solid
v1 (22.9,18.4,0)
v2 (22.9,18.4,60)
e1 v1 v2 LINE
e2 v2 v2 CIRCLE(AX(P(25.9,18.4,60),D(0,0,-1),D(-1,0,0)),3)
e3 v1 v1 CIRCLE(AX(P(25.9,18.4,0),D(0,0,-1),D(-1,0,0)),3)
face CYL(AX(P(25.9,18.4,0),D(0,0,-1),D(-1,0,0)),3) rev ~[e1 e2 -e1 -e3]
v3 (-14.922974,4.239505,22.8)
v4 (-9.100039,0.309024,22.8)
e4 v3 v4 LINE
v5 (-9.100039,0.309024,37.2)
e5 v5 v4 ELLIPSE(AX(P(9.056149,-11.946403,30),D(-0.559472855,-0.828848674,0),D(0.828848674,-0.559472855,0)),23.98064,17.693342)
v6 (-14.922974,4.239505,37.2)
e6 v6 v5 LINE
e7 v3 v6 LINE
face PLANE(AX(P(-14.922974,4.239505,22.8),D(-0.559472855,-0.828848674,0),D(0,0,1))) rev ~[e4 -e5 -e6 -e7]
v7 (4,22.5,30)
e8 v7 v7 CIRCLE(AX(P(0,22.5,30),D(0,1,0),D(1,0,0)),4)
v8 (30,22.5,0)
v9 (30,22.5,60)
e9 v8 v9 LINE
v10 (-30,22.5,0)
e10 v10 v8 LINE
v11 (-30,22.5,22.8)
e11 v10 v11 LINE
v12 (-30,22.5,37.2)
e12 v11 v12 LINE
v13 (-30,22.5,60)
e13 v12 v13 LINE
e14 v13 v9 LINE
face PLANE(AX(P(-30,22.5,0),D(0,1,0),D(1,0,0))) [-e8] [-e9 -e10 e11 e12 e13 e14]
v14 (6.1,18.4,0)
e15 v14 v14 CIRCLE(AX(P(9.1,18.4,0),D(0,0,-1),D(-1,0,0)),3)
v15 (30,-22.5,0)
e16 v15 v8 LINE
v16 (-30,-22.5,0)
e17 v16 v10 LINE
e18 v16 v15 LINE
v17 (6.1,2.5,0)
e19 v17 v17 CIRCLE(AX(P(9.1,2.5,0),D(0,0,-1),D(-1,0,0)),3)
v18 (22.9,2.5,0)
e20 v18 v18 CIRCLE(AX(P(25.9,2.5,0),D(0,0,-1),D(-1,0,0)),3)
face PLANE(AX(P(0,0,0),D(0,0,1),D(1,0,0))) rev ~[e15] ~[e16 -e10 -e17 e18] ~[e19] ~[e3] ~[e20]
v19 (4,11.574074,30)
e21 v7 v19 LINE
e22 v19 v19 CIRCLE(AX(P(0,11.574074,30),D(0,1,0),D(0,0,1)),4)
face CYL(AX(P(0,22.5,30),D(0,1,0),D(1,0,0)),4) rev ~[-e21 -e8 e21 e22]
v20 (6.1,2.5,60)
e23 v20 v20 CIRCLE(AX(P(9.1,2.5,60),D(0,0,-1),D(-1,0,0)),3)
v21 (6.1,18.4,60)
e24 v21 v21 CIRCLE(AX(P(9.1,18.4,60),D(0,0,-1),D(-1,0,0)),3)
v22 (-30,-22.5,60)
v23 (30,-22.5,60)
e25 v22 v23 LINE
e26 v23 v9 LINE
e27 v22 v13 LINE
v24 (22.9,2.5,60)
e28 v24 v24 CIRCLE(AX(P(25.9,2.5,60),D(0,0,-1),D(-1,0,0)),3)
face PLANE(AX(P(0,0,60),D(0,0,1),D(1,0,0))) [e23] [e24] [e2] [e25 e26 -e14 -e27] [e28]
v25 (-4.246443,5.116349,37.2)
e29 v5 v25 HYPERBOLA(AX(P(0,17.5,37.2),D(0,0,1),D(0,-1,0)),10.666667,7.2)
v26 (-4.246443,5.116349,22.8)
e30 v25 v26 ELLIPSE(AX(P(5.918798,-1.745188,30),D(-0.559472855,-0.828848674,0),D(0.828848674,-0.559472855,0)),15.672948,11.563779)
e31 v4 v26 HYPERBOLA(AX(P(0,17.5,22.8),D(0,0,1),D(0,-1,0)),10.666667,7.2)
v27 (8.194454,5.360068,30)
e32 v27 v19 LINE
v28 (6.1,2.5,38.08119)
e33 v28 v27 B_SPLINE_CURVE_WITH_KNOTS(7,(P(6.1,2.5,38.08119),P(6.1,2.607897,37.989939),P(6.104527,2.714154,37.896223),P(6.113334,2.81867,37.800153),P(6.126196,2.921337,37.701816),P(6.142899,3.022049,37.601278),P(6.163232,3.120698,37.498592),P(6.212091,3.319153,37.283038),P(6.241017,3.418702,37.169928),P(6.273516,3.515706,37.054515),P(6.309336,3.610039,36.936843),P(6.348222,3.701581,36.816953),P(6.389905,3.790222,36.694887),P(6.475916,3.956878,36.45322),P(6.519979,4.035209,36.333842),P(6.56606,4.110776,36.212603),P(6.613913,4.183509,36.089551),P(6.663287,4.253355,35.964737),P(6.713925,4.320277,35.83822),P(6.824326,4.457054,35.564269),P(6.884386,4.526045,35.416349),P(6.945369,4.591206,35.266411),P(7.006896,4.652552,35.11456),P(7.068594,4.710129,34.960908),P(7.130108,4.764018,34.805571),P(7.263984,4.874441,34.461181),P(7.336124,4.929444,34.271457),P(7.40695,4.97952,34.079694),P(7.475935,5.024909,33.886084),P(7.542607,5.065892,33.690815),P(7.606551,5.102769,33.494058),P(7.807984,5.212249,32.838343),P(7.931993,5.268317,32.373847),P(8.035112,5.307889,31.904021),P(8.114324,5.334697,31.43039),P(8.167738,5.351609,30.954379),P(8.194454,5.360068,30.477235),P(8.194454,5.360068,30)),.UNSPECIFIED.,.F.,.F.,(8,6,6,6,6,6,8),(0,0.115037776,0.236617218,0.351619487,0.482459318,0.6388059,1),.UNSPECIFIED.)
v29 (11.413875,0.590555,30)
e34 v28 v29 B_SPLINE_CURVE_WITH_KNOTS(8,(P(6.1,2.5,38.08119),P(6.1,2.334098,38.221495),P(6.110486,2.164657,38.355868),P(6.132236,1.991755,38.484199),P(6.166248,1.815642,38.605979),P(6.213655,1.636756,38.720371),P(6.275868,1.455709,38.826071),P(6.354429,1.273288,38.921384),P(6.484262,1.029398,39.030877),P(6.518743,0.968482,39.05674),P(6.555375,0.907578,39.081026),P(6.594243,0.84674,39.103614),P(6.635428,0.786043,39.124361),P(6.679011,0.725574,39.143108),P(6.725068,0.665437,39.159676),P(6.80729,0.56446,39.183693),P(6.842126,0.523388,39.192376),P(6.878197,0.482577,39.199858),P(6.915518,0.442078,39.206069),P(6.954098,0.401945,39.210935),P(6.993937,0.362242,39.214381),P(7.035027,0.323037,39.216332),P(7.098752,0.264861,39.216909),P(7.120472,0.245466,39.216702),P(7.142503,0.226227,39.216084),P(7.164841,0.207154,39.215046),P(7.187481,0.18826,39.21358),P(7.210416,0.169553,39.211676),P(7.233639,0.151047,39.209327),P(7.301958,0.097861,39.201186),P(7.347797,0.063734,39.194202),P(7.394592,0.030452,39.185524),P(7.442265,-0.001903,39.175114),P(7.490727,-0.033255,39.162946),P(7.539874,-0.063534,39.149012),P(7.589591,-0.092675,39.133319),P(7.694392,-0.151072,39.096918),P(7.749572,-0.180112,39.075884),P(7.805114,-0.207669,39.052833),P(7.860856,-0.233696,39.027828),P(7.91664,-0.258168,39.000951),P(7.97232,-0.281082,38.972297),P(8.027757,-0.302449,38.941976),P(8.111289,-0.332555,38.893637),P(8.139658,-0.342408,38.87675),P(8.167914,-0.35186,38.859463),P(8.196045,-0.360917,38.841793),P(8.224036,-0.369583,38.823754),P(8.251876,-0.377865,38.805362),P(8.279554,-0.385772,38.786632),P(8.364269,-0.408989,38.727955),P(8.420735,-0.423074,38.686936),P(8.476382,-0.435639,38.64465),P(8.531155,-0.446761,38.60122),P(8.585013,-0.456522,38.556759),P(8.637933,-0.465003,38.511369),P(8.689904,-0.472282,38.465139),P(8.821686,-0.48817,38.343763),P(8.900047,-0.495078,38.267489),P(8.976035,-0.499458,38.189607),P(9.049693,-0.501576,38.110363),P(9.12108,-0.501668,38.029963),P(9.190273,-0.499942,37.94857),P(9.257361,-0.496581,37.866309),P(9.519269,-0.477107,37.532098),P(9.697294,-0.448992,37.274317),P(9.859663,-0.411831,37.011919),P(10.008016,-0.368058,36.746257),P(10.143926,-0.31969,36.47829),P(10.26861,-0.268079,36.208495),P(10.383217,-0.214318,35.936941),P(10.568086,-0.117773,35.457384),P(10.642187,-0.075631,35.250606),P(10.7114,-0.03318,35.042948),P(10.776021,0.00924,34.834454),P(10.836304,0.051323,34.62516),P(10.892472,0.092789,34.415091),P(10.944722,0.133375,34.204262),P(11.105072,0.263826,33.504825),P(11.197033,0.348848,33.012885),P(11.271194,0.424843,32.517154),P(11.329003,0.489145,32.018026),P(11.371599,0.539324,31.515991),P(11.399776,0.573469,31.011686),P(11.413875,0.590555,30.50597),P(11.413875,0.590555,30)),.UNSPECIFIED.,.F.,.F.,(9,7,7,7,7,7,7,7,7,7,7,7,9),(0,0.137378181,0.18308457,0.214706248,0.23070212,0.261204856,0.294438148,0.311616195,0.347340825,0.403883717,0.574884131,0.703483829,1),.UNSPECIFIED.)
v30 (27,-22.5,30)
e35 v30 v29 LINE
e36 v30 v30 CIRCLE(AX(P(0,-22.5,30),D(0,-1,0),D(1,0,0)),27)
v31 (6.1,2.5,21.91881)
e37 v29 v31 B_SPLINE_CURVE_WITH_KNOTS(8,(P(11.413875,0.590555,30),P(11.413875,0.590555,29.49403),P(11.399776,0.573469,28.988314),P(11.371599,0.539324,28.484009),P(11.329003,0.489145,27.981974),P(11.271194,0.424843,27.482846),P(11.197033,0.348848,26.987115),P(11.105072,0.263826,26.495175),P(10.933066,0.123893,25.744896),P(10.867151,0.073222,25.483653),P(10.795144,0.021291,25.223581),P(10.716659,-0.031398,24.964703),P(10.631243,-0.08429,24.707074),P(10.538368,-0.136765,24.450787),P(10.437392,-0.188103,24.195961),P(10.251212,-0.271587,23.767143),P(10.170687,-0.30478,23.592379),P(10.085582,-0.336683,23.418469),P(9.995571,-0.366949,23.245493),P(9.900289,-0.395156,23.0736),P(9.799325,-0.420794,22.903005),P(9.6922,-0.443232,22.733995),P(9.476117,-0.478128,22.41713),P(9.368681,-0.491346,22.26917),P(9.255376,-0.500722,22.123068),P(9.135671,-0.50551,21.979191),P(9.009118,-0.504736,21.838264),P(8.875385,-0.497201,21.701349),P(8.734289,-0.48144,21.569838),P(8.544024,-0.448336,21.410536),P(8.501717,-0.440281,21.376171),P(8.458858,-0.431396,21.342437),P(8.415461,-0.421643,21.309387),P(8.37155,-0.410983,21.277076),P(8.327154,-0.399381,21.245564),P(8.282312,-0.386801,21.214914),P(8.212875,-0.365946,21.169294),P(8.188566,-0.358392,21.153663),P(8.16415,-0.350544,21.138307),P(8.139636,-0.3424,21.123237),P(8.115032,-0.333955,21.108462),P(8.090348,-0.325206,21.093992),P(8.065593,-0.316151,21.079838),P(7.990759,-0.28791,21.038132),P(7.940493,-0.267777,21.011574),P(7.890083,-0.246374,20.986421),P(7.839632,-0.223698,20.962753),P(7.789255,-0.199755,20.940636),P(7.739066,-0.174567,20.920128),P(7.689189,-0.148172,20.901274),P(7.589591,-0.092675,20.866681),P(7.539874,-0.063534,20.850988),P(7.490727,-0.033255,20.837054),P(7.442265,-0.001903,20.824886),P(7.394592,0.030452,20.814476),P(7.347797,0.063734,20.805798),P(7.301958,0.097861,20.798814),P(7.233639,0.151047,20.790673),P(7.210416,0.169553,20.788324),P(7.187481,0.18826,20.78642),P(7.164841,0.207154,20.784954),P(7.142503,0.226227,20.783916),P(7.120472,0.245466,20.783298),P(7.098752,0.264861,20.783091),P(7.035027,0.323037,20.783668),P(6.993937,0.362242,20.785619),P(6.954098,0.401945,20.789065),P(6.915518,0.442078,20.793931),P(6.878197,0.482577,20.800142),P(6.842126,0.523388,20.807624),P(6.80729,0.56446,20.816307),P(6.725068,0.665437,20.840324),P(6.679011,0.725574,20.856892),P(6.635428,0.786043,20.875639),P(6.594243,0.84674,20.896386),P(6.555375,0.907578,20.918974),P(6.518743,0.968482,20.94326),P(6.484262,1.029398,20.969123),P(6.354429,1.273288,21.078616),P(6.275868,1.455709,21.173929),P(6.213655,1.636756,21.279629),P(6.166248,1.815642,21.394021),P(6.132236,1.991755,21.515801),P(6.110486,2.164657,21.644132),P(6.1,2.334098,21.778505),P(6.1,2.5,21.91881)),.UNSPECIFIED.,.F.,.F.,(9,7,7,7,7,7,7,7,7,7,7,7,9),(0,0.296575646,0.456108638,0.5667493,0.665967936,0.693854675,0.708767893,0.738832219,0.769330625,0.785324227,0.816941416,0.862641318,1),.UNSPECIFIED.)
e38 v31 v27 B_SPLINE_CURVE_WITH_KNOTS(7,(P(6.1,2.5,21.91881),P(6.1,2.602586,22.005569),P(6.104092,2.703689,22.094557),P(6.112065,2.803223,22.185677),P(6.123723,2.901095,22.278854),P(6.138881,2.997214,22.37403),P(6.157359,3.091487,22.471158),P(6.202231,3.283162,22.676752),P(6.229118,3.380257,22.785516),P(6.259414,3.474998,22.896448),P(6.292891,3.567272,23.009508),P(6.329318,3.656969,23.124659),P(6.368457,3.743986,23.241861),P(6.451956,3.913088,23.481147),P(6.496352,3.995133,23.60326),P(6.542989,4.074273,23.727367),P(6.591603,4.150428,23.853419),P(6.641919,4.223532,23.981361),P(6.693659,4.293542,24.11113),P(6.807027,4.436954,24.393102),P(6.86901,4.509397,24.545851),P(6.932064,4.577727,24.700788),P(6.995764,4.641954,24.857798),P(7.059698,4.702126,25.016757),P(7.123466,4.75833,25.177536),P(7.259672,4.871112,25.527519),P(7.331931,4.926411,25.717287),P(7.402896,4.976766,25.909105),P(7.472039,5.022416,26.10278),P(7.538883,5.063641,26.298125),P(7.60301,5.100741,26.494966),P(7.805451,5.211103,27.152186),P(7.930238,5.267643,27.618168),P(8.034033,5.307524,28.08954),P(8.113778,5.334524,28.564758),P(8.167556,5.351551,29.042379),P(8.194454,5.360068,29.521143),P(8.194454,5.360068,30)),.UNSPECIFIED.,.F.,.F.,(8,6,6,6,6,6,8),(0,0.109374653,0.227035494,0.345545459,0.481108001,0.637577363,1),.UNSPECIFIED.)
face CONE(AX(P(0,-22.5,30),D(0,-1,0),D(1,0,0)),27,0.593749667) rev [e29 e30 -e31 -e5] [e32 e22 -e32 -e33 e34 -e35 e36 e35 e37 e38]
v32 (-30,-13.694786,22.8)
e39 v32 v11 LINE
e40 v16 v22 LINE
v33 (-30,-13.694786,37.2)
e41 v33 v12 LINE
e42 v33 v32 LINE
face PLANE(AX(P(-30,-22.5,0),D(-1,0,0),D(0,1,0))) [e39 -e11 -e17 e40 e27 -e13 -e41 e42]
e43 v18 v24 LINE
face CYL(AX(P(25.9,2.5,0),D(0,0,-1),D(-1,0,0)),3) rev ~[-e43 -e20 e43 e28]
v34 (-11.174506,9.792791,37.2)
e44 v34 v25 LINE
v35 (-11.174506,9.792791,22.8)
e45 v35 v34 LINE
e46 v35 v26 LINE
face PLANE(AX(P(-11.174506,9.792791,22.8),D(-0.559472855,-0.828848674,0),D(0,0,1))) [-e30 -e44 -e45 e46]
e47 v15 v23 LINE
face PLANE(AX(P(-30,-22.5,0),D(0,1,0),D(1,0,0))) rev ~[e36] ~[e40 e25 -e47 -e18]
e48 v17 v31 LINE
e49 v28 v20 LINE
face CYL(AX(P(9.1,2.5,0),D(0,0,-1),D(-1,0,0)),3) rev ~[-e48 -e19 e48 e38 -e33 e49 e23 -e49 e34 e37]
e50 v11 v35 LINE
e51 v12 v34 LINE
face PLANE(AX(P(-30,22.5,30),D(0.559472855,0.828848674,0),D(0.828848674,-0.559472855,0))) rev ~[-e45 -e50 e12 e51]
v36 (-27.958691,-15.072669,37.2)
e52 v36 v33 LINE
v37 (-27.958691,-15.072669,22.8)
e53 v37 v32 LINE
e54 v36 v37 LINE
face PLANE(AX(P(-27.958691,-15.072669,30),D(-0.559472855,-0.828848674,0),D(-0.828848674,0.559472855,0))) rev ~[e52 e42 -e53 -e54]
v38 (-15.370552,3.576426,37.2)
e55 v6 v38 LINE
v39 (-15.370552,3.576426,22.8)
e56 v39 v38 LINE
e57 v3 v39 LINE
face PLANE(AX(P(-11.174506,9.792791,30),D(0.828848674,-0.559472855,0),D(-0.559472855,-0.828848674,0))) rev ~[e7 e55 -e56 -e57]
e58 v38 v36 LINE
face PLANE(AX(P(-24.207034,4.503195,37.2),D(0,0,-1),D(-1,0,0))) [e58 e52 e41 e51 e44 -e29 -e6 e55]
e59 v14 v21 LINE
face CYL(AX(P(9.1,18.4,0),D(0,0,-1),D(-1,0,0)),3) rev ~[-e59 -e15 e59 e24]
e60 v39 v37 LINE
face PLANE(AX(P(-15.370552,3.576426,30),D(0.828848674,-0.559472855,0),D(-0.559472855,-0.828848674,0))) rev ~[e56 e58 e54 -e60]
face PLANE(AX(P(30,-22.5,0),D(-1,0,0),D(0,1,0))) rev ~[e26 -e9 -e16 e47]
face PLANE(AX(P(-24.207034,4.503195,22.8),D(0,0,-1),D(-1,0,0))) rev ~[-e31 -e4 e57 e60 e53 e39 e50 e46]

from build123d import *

# Parameters (mm, degrees)
SKETCH_1_W               = 60
SKETCH_1_H               = 45
EXTRUDE_1_DEPTH          = 60
SKETCH_3_R               = 4
CUT_EXTRUDE_1_DEPTH      = 1
CUT_EXTRUDE_1_DEPTH_BACK = 46
SKETCH_4_R               = 3
CUT_EXTRUDE_2_DEPTH      = 1
CUT_EXTRUDE_2_DEPTH_BACK = 61
CUT_EXTRUDE_8_DEPTH      = 7.2
CUT_EXTRUDE_9_REACH      = 54.194
SKETCH_6_W               = 14.4
SKETCH_6_H               = 6.7


with BuildPart() as part:
    # 스케치1 → 보스-돌출1 (new body)
    with BuildSketch(Plane.XY):
        Rectangle(SKETCH_1_W, SKETCH_1_H)
    extrude(amount=EXTRUDE_1_DEPTH)

    # 스케치2 → 컷-회전1 (revolve, cut)
    with BuildSketch(Plane(origin=(0, 0, 30), x_dir=(-1, 0, 0), z_dir=(0, 0, -1))):
        Polygon((0, 17.5), (0, -22.5), (-27, -22.5), align=None)
    revolve(axis=Axis((0, 17.5, 30), (0, -1, 0)), mode=Mode.SUBTRACT)

    # 스케치3 → 컷-돌출1 (cut, two sides)
    with BuildSketch(Plane(origin=(0, 22.5, 0), x_dir=(1, 0, 0), z_dir=(0, 1, 0))) as cut_extrude_1_sk:
        with Locations((0, -30)):
            Circle(SKETCH_3_R)
    extrude(amount=CUT_EXTRUDE_1_DEPTH, mode=Mode.SUBTRACT)
    extrude(cut_extrude_1_sk.sketch, amount=-CUT_EXTRUDE_1_DEPTH_BACK, mode=Mode.SUBTRACT)

    # 스케치4 → 컷-돌출2 (cut, two sides)
    with BuildSketch(Plane(origin=(0, 0, 0), x_dir=(-1, 0, 0), z_dir=(0, 0, -1))) as cut_extrude_2_sk:
        with Locations((-25.9, 18.4)):
            Circle(SKETCH_4_R)
        with Locations((-25.9, 2.5)):
            Circle(SKETCH_4_R)
        with Locations((-9.1, 18.4)):
            Circle(SKETCH_4_R)
        with Locations((-9.1, 2.5)):
            Circle(SKETCH_4_R)
    extrude(amount=CUT_EXTRUDE_2_DEPTH, mode=Mode.SUBTRACT)
    extrude(cut_extrude_2_sk.sketch, amount=-CUT_EXTRUDE_2_DEPTH_BACK, mode=Mode.SUBTRACT)

    # 스케치5 → 컷-돌출8 (cut, symmetric)
    with BuildSketch(Plane(origin=(0, 0, 30), x_dir=(-1, 0, 0), z_dir=(0, 0, -1))):
        Polygon((15.370551943, 3.576426178), (27.958691181, -15.072668989), (30, -13.694785536), (30, 22.5), (11.174505531, 9.792791233), align=None)
    extrude(amount=CUT_EXTRUDE_8_DEPTH, both=True, mode=Mode.SUBTRACT)

    # 스케치6 → 컷-돌출9 (cut, up to next)
    with BuildSketch(Plane(origin=(-12.217871783, 8.247063453, 0), x_dir=(0, 0, 1), z_dir=(-0.828848674, 0.559472855, 0)), mode=Mode.PRIVATE) as cut_extrude_9_sk1:
        with Locations((30, -1.485090483)):
            Rectangle(SKETCH_6_W, SKETCH_6_H)
    cut_extrude_9_tool1 = extrude(cut_extrude_9_sk1.sketch, amount=-CUT_EXTRUDE_9_REACH, mode=Mode.PRIVATE) & part.part
    add(cut_extrude_9_tool1.solids().sort_by_distance((-13.04874, 7.016148, 30))[0], mode=Mode.SUBTRACT)


solid = part.part
